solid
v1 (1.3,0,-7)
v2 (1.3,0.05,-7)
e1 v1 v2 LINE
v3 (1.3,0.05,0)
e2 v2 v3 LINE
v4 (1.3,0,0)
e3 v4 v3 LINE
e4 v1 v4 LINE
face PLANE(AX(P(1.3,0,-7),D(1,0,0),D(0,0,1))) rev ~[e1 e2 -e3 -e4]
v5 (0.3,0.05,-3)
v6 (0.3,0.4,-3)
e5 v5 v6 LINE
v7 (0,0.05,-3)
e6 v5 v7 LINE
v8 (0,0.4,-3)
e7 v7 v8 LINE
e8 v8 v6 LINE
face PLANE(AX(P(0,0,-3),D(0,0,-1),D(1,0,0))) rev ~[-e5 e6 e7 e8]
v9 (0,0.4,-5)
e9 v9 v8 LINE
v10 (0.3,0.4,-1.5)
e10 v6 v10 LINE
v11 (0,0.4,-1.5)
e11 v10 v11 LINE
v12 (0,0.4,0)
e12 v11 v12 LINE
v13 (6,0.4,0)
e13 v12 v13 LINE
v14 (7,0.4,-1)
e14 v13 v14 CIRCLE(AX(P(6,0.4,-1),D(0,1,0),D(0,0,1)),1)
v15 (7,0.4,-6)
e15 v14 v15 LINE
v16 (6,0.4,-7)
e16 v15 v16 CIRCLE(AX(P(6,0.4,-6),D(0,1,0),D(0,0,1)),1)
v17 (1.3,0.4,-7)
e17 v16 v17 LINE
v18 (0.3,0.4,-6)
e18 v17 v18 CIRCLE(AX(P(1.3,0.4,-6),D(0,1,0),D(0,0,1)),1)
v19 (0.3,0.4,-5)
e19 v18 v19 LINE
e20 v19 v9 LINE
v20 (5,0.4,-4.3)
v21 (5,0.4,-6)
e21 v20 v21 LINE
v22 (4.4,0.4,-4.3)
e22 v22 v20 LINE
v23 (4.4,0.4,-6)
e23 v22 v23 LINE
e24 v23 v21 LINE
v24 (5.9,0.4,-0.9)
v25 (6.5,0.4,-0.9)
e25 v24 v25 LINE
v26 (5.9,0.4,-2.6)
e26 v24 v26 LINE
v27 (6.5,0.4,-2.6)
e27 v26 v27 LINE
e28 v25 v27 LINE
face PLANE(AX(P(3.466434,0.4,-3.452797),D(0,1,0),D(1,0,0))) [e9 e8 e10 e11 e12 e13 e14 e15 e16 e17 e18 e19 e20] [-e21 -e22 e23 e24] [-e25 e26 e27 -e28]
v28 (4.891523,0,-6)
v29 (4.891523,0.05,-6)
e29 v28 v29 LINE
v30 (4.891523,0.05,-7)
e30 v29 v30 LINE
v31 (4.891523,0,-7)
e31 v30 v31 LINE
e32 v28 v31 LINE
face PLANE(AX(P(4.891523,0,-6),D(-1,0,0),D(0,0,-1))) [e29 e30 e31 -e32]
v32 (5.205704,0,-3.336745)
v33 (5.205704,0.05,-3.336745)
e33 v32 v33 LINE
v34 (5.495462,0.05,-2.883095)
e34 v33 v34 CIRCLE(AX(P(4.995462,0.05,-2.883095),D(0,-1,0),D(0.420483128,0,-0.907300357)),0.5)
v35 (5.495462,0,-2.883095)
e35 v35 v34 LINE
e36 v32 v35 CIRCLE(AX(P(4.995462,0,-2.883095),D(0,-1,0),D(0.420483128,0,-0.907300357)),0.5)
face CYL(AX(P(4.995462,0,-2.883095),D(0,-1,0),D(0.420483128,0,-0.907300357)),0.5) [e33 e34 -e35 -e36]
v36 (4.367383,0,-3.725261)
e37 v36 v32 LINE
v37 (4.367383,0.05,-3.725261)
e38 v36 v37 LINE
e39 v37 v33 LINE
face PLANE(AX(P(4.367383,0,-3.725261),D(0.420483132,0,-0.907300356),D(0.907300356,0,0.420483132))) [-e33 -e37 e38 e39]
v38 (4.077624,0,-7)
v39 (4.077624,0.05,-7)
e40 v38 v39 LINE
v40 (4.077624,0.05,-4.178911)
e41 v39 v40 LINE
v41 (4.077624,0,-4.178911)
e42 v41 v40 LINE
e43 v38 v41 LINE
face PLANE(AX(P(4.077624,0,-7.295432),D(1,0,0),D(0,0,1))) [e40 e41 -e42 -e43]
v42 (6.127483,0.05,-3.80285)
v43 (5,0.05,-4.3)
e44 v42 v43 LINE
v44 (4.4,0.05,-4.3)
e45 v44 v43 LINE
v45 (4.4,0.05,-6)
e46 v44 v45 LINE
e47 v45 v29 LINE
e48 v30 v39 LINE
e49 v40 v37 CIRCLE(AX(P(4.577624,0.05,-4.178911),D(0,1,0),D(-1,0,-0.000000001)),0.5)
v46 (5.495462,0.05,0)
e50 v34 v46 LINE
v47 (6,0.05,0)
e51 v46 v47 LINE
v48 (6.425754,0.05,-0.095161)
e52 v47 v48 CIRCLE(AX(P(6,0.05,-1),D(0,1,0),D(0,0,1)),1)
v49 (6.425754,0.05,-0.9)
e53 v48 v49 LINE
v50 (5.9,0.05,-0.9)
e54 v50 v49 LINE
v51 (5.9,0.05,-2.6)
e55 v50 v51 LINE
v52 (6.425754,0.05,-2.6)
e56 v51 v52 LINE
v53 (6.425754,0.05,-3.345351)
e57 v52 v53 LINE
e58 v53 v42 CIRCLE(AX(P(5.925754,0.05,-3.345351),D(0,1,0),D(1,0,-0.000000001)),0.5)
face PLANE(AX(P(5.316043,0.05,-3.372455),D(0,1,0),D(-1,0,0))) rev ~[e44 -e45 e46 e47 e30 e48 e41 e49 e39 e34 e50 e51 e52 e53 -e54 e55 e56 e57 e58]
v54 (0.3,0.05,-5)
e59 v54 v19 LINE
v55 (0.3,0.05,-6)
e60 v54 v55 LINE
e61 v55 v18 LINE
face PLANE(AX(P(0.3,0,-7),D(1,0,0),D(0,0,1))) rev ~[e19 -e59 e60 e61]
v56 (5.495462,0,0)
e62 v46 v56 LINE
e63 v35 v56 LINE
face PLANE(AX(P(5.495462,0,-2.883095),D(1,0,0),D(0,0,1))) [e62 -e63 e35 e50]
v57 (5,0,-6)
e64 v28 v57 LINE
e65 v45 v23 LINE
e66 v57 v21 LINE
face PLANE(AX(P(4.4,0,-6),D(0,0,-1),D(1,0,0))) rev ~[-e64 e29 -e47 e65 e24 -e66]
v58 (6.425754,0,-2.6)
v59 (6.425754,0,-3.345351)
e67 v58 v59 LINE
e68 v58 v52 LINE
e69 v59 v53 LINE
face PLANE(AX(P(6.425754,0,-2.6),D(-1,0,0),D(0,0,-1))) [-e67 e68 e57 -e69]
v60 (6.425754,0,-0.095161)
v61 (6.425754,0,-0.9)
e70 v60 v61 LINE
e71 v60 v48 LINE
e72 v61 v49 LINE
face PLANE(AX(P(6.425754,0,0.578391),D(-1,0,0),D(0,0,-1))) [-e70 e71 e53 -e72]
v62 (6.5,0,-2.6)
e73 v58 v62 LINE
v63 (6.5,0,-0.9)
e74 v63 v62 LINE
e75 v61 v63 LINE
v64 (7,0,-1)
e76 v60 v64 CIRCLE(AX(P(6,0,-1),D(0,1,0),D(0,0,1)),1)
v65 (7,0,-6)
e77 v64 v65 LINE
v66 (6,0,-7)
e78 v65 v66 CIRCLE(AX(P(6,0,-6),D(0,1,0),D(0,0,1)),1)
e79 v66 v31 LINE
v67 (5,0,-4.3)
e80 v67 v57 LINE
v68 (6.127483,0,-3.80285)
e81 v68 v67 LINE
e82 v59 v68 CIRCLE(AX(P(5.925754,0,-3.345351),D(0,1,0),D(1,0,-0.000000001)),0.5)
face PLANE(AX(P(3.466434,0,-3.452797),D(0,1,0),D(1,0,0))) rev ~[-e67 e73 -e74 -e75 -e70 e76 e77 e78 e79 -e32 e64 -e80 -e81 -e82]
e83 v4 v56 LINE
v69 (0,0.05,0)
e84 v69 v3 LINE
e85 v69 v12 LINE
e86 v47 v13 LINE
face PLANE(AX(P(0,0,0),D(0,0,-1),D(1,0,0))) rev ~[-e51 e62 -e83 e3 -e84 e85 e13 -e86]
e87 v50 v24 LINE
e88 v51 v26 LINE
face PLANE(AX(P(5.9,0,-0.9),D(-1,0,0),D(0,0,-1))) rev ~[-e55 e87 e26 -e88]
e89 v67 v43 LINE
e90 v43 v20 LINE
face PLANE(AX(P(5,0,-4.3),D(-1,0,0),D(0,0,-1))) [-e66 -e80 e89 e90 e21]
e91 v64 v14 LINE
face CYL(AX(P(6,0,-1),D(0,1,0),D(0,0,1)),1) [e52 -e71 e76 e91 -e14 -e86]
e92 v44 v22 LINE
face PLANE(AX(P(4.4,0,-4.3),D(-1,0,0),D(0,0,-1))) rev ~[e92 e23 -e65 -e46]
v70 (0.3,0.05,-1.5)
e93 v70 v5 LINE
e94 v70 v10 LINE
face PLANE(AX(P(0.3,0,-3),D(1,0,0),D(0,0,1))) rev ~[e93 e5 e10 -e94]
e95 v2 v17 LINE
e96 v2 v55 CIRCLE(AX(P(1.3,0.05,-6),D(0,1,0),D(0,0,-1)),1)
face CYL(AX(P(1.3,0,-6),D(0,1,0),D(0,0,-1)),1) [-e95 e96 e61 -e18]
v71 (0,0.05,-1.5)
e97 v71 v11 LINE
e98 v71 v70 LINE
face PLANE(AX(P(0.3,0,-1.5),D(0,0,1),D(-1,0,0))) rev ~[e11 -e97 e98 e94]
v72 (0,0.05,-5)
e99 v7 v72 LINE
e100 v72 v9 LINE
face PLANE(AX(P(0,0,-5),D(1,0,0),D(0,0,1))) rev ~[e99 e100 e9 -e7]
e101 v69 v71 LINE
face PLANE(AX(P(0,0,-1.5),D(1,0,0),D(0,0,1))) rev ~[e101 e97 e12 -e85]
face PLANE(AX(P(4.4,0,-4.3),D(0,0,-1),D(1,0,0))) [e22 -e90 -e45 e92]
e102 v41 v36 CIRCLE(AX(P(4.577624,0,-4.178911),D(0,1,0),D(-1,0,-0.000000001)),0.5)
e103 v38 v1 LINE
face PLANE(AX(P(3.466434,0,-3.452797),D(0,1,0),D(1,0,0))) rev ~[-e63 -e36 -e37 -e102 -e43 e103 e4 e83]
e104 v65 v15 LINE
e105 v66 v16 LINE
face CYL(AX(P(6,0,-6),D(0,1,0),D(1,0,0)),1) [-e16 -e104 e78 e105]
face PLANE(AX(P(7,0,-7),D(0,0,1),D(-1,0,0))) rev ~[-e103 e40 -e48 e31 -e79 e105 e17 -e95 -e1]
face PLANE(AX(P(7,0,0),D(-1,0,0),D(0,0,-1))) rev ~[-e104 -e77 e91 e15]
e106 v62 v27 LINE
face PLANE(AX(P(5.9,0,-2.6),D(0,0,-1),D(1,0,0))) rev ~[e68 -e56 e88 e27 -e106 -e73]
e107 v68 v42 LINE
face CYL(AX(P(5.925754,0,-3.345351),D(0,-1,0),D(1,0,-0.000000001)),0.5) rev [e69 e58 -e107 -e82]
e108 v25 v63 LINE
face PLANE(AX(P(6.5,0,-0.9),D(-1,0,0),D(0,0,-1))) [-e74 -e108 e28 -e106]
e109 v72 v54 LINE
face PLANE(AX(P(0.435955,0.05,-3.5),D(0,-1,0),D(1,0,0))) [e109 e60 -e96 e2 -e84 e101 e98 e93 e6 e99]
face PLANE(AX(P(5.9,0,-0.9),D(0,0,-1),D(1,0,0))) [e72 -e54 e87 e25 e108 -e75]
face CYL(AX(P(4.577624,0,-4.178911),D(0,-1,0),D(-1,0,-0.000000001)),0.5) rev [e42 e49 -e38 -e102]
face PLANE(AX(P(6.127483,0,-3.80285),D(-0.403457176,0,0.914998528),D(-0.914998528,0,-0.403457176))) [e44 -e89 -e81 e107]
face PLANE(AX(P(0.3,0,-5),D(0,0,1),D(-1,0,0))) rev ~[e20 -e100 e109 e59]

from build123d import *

# Parameters (mm, degrees)
SKETCH1_W           = 0.6
SKETCH1_H           = 1.7
BOSS_EXTRUDE1_DEPTH = 0.4
FILLET1_R           = 1
SKETCH2_W           = 1.728090014
SKETCH2_H           = 7
CUT_EXTRUDE1_DEPTH  = 0.05


with BuildPart() as part:
    # Sketch1 → Boss-Extrude1 (new body)
    with BuildSketch(Plane(origin=(0, 0, 0), x_dir=(1, 0, 0), z_dir=(0, 1, 0))):
        Polygon((0, 0), (7, 0), (7, 7), (0.3, 7), (0.3, 5), (0, 5), (0, 3), (0.3, 3), (0.3, 1.5), (0, 1.5), align=None)
        with Locations((4.7, 5.15)):
            Rectangle(SKETCH1_W, SKETCH1_H, mode=Mode.SUBTRACT)
        with Locations((6.2, 1.75)):
            Rectangle(SKETCH1_W, SKETCH1_H, mode=Mode.SUBTRACT)
    extrude(amount=BOSS_EXTRUDE1_DEPTH)

    # Fillet1
    fillet1_edges = [part.edges().sort_by_distance(p)[0] for p in [
        (0.3, 0.2, -7),
        (7, 0.2, -7),
        (7, 0.2, 0),
    ]]
    fillet(fillet1_edges, radius=FILLET1_R)

    # Sketch2 → Cut-Extrude1 (cut)
    with BuildSketch(Plane.XZ):
        with BuildLine():
            Line((5, -6), (4.891522781, -6))
            Line((4.891522781, -6), (4.891522781, -7.295431915))
            Line((4.891522781, -7.295431915), (4.07762411, -7.295431915))
            Line((4.07762411, -7.295431915), (4.07762411, -4.178910814))
            ThreePointArc((4.07762411, -4.178910814), (4.156244956, -3.909764741), (4.367382545, -3.725260636))
            Line((4.367382545, -3.725260636), (5.20570378, -3.336745481))
            ThreePointArc((5.20570378, -3.336745481), (5.416841369, -3.152241376), (5.495462215, -2.883095303))
            Line((5.495462215, -2.883095303), (5.495462215, 0.578390888))
            Line((5.495462215, 0.578390888), (6.425754314, 0.578390888))
            Line((6.425754314, 0.578390888), (6.425754314, -0.9))
            Line((6.425754314, -0.9), (6.5, -0.9))
            Line((6.5, -0.9), (6.5, -2.6))
            Line((6.5, -2.6), (6.425754314, -2.6))
            Line((6.425754314, -2.6), (6.425754314, -3.345351228))
            ThreePointArc((6.425754314, -3.345351228), (6.344600523, -3.618422378), (6.127482902, -3.802850492))
            Line((6.127482902, -3.802850492), (5, -4.3))
            Line((5, -4.3), (5, -6))
        make_face()
        with Locations((0.435954993, -3.5)):
            Rectangle(SKETCH2_W, SKETCH2_H)
    extrude(amount=-CUT_EXTRUDE1_DEPTH, mode=Mode.SUBTRACT)


solid = part.part
